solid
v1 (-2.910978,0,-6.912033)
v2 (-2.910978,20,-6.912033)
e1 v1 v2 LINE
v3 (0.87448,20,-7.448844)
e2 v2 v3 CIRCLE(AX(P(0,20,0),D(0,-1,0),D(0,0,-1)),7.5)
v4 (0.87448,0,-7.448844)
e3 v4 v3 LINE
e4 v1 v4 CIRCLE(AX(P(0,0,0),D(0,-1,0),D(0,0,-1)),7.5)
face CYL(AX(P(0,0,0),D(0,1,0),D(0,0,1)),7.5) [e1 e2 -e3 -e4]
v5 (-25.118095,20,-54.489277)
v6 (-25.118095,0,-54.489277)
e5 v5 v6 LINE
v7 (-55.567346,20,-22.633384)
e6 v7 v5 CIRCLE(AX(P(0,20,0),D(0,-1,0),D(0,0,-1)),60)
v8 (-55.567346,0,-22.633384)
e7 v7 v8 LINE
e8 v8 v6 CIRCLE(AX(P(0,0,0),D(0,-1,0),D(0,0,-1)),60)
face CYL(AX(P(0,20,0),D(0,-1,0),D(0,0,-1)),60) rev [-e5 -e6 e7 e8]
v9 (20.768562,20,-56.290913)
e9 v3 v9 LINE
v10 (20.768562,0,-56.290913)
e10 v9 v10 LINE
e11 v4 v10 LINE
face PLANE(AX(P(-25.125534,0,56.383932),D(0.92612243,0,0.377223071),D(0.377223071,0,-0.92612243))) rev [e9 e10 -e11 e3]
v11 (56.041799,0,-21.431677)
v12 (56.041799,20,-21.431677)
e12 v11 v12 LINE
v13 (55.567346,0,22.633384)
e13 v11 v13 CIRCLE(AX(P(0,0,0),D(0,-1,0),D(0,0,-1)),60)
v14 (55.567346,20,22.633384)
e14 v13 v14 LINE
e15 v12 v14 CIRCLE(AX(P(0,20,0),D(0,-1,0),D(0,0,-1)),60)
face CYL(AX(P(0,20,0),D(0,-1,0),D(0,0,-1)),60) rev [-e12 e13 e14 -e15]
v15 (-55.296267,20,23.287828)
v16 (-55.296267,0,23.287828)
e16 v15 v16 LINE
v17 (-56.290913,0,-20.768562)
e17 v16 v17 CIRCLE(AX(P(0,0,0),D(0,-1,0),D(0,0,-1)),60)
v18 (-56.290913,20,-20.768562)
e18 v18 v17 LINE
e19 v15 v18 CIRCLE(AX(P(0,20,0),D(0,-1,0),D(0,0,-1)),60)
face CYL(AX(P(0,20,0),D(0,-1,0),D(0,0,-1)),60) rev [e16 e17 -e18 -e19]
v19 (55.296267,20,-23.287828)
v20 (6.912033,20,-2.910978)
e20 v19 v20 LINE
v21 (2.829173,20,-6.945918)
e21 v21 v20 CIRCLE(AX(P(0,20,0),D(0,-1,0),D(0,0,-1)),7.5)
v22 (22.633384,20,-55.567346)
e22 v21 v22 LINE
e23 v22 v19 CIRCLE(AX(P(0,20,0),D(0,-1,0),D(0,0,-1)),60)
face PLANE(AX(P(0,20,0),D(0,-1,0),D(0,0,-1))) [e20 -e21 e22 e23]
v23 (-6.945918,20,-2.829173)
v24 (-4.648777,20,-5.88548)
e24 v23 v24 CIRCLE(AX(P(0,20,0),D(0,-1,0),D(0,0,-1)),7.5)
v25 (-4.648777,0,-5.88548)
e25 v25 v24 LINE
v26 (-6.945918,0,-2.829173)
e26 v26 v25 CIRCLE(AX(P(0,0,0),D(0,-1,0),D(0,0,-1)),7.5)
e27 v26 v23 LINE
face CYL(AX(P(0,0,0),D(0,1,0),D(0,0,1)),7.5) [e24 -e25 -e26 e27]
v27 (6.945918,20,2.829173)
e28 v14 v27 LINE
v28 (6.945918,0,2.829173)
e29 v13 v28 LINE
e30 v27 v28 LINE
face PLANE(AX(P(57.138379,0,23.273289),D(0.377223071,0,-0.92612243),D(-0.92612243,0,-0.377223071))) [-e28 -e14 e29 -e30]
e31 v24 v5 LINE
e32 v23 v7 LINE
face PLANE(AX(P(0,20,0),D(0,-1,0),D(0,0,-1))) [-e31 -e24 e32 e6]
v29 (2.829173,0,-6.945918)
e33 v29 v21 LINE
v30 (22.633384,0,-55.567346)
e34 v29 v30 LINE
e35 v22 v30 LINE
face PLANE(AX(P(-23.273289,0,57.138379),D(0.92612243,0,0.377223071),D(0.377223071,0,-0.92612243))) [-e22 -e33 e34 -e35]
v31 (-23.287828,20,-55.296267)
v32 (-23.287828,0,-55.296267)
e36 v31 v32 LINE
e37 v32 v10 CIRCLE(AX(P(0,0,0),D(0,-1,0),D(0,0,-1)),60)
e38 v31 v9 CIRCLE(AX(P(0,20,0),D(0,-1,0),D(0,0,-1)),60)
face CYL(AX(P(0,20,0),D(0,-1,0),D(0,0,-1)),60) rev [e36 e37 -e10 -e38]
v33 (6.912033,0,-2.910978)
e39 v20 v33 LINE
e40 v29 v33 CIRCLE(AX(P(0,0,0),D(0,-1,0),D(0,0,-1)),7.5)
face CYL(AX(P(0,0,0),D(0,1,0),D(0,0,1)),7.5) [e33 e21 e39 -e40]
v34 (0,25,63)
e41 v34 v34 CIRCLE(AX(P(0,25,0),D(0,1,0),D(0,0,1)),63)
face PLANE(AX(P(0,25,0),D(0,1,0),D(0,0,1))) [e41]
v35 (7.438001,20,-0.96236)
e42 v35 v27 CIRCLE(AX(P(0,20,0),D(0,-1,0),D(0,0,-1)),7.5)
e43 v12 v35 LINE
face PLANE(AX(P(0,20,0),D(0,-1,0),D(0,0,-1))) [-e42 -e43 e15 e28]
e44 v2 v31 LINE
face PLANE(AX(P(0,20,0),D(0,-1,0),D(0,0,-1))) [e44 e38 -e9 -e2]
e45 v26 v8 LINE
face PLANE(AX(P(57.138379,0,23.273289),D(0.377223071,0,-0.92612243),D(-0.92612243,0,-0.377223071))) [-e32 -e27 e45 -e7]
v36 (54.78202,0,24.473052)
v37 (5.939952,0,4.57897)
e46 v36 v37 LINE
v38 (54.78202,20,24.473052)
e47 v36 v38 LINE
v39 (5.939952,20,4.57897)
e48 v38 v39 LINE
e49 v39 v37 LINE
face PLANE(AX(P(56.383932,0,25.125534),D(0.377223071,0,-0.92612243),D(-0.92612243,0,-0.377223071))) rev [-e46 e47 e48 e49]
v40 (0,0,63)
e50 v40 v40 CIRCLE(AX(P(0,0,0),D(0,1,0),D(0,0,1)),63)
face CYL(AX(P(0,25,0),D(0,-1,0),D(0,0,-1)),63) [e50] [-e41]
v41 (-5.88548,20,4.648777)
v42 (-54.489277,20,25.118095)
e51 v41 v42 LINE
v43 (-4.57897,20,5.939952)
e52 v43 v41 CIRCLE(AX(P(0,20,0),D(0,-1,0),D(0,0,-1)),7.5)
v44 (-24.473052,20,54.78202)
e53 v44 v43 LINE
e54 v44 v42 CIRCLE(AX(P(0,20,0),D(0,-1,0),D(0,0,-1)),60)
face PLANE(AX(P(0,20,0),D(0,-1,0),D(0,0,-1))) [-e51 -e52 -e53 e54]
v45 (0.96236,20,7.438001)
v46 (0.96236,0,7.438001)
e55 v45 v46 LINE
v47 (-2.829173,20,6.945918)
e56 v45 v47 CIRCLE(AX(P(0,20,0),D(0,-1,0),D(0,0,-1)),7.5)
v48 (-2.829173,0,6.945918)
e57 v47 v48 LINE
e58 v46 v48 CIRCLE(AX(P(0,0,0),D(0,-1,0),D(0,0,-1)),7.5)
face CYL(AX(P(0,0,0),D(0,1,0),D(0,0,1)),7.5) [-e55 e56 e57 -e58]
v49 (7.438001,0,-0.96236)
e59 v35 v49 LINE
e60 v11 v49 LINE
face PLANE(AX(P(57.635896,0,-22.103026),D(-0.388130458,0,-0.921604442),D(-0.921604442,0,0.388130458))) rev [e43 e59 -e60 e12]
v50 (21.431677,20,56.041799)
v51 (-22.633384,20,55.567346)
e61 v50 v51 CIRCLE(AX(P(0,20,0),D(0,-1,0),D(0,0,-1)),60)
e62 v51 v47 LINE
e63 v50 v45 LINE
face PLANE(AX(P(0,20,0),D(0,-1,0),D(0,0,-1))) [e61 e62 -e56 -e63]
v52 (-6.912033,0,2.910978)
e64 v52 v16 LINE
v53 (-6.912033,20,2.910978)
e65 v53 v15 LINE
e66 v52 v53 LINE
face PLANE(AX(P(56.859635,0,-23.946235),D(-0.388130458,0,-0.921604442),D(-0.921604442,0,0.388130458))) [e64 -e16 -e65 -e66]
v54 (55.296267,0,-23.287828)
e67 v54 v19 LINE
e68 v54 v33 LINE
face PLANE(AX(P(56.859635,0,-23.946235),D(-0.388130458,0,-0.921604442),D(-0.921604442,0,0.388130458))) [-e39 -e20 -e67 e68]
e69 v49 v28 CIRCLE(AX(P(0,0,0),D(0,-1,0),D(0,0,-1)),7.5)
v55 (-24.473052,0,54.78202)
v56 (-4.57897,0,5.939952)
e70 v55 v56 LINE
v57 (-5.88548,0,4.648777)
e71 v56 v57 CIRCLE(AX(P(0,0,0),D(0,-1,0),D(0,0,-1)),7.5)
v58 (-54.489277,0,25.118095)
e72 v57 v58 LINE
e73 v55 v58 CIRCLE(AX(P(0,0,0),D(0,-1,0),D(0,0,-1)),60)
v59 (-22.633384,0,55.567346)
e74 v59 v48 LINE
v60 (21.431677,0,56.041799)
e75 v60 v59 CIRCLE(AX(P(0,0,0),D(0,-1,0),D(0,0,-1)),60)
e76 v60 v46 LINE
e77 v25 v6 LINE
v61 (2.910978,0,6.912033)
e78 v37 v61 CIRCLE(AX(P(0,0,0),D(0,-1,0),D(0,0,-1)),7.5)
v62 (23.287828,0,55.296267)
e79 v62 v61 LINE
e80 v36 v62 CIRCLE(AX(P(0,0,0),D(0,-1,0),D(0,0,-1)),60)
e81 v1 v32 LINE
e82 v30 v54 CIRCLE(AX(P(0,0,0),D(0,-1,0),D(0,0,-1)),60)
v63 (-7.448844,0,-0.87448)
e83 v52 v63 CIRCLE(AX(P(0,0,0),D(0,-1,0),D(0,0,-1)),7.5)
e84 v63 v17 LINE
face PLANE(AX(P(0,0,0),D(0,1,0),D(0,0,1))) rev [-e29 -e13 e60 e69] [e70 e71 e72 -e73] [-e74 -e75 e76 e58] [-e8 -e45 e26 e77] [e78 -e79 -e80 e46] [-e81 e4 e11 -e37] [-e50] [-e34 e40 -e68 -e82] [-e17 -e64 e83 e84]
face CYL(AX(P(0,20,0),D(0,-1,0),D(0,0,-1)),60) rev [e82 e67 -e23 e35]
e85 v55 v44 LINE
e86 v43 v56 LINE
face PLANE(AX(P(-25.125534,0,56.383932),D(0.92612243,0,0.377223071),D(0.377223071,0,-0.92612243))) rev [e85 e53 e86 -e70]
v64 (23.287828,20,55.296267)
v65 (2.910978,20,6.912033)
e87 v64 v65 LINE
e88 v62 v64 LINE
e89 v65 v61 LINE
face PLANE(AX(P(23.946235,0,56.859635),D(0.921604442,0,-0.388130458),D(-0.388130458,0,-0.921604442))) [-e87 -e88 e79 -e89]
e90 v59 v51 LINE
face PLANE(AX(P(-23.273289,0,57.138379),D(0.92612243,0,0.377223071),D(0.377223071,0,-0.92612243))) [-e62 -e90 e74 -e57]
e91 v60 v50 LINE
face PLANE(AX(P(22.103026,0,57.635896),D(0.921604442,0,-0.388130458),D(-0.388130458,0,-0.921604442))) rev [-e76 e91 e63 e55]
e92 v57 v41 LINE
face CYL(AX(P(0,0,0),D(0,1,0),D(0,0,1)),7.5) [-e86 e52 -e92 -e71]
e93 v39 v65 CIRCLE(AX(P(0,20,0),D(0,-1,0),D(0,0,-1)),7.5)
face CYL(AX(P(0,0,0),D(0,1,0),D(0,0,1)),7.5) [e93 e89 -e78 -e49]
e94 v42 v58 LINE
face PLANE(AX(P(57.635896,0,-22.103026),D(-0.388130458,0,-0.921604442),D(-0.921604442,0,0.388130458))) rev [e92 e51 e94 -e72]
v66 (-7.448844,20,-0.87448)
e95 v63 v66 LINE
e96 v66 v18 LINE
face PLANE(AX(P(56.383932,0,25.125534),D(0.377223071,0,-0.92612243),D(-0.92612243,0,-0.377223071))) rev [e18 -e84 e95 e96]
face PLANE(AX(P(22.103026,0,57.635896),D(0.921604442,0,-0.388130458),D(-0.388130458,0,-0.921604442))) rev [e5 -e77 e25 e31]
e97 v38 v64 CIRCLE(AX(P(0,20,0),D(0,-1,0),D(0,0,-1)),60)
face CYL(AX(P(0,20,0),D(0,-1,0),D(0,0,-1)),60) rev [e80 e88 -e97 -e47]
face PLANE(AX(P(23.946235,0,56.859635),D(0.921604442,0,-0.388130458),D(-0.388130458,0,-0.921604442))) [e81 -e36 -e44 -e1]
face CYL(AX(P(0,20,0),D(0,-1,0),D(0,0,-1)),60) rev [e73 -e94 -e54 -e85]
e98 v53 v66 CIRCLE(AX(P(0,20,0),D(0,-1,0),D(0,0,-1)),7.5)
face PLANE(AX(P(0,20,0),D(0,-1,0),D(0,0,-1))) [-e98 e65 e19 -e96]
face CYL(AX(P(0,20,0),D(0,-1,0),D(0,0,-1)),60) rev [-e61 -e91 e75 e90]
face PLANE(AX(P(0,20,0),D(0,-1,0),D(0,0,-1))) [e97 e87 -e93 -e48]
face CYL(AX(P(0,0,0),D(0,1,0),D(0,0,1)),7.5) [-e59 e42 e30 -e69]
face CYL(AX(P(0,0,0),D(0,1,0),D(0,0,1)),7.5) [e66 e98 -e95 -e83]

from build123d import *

# Parameters (mm, degrees)
SKETCH1_R           = 63
BOSS_EXTRUDE1_DEPTH = 25
SKETCH2_R           = 60
CUT_EXTRUDE2_DEPTH  = 20
SKETCH3_R           = 7.5
BOSS_EXTRUDE2_DEPTH = 20
EXTRUDE_THIN3_DEPTH = 20


with BuildPart() as part:
    # Sketch1 → Boss-Extrude1 (new body)
    with BuildSketch(Plane(origin=(0, 0, 0), x_dir=(1, 0, 0), z_dir=(0, 1, 0))):
        with Locations(Location((0, 0, 0), (0, 0, 270))):
            Circle(SKETCH1_R)
    extrude(amount=BOSS_EXTRUDE1_DEPTH)

    # Sketch2 → Cut-Extrude2 (cut)
    with BuildSketch(Plane.XZ):
        with Locations(Location((0, 0, 0), (0, 0, 270))):
            Circle(SKETCH2_R)
    extrude(amount=-CUT_EXTRUDE2_DEPTH, mode=Mode.SUBTRACT)

    # Sketch3 → Boss-Extrude2 (add)
    with BuildSketch(Plane.XZ.offset(-20)):
        with Locations(Location((0, 0, 0), (0, 0, 270))):
            Circle(SKETCH3_R)
    extrude(amount=BOSS_EXTRUDE2_DEPTH)

    # Sketch4 → Extrude-Thin3 (add, through all)
    with BuildSketch(Plane.XZ.offset(-20)):
        Polygon((-23.273288682, 57.13837857), (23.273288682, -57.13837857), (21.421043823, -57.892824713), (-25.125533541, 56.383932427), align=None)
        Polygon((23.946234705, 56.8596352), (-23.946234705, -56.8596352), (-25.789443589, -56.083374284), (22.103025822, 57.635896117), align=None)
        Polygon((57.13837857, 23.273288682), (-57.13837857, -23.273288682), (-57.892824713, -21.421043823), (56.383932427, 25.125533541), align=None)
        Polygon((56.8596352, -23.946234705), (-56.8596352, 23.946234705), (-56.083374284, 25.789443589), (57.635896117, -22.103025822), align=None)
    extrude(amount=EXTRUDE_THIN3_DEPTH)


solid = part.part
